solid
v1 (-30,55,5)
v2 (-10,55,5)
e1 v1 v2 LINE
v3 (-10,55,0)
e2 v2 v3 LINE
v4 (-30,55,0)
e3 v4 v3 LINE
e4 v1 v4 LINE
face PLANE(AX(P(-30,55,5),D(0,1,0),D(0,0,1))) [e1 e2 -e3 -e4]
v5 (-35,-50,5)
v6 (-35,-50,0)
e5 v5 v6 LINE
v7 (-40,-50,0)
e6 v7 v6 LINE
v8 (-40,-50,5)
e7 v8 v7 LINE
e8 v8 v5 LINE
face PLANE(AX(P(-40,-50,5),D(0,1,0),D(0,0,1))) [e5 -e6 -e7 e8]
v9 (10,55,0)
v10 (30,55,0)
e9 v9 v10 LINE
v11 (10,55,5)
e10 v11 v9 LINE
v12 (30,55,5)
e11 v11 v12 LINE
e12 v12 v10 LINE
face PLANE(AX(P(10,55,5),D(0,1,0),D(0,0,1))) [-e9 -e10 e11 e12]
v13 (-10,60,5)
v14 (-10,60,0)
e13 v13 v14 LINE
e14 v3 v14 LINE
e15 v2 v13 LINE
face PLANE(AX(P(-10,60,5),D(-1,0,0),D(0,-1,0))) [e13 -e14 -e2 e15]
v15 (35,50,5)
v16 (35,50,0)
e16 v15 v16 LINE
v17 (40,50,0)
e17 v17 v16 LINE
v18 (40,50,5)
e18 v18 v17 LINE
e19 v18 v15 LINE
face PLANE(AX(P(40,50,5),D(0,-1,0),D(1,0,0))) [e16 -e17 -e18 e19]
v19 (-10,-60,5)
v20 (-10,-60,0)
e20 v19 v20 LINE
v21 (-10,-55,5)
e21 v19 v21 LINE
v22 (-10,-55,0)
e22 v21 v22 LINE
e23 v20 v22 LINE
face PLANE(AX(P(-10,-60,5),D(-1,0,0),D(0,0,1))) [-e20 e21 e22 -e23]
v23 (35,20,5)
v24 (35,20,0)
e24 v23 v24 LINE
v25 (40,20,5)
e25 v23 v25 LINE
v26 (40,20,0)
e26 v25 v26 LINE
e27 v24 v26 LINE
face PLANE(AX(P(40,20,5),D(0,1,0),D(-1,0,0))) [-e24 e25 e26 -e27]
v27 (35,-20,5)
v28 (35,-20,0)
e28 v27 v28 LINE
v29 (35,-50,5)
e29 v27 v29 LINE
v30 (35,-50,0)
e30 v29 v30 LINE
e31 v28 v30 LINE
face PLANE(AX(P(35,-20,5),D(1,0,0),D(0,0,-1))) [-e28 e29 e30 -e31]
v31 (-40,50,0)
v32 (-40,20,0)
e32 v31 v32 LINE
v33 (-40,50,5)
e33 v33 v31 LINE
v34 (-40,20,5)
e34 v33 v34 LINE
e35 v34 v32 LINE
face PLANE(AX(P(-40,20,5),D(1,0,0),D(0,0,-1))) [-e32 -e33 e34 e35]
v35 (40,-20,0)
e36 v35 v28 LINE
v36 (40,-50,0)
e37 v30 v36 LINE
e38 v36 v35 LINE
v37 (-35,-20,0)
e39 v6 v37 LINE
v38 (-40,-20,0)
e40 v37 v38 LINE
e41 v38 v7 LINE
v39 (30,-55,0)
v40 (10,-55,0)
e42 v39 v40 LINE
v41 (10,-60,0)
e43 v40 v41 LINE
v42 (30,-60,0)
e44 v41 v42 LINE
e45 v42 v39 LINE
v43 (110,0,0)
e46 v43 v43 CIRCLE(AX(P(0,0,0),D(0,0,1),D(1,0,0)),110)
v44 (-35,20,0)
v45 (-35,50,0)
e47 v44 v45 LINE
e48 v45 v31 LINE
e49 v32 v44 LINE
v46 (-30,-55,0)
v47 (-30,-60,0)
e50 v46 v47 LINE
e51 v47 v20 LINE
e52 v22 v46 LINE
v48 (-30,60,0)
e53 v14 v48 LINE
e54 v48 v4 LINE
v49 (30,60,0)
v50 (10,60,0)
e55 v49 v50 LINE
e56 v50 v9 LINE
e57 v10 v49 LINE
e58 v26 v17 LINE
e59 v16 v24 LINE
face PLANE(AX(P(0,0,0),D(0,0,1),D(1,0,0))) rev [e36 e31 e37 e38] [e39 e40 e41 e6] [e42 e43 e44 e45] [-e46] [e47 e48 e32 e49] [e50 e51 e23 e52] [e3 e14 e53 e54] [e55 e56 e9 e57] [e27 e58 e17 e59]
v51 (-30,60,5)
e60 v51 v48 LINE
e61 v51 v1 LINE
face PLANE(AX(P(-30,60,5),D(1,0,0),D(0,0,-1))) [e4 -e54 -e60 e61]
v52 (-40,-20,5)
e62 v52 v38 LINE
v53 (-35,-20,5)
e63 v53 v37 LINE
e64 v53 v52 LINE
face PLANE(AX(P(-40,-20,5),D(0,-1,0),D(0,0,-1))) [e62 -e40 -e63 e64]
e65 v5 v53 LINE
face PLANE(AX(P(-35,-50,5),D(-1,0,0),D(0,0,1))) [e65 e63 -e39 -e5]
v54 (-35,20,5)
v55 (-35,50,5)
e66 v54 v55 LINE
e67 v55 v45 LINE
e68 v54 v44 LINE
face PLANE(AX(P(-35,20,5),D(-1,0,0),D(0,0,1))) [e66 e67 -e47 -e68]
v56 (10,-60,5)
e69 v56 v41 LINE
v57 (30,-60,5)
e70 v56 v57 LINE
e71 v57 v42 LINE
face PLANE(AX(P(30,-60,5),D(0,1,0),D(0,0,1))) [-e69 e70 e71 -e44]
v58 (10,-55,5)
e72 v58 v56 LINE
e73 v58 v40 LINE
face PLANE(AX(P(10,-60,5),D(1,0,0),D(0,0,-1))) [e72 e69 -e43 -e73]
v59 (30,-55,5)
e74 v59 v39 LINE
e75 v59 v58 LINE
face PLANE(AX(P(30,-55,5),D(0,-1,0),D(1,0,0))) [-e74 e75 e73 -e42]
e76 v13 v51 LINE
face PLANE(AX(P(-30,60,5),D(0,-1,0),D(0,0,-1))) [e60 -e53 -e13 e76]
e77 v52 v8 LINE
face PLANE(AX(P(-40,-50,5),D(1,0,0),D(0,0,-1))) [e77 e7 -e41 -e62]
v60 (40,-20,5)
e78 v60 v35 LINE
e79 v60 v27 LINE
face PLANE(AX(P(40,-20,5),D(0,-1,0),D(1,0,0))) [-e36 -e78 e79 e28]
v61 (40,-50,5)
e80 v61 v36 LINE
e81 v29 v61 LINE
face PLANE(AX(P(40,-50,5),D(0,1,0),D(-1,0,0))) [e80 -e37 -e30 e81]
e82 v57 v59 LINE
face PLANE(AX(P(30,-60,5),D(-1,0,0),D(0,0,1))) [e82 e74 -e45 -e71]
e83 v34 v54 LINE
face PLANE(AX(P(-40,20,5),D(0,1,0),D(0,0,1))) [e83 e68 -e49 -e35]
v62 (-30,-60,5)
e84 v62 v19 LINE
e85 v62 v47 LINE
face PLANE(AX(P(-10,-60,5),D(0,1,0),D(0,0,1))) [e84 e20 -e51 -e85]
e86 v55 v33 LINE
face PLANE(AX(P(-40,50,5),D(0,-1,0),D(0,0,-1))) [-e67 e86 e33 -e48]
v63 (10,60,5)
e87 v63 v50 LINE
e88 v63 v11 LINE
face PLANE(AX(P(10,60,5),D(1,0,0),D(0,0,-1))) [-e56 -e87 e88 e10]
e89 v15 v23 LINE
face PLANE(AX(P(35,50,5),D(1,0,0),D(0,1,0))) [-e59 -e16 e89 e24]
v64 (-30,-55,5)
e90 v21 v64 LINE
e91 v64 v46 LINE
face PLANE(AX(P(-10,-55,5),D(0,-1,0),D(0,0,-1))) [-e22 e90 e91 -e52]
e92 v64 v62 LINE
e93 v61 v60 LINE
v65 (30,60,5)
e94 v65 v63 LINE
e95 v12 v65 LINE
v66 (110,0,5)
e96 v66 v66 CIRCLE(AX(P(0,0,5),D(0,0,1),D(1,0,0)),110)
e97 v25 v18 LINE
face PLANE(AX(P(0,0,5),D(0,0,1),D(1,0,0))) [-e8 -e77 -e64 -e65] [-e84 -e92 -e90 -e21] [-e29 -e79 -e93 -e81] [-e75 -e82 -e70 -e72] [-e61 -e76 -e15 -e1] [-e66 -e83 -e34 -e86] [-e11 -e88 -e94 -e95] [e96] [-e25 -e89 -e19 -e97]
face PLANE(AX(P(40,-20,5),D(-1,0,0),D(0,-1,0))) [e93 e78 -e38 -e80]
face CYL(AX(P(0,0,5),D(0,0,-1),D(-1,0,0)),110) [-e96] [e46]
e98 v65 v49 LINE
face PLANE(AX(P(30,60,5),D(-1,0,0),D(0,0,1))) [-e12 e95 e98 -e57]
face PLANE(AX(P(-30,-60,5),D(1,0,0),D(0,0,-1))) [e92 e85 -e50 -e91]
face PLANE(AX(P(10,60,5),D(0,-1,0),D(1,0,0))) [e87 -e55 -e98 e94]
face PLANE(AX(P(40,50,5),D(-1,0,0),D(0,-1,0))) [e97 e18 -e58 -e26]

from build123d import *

# Parameters (mm, degrees)
SKETCH1_R           = 110
SKETCH1_W           = 20
SKETCH1_H           = 5
SKETCH1_W_2         = 5
SKETCH1_H_2         = 30
BOSS_EXTRUDE1_DEPTH = 5


with BuildPart() as part:
    # Sketch1 → Boss-Extrude1 (new body)
    with BuildSketch(Plane.XY):
        Circle(SKETCH1_R)
        with Locations((-20, 57.5)):
            Rectangle(SKETCH1_W, SKETCH1_H, mode=Mode.SUBTRACT)
        with Locations((20, 57.5)):
            Rectangle(SKETCH1_W, SKETCH1_H, mode=Mode.SUBTRACT)
        with Locations((37.5, 35)):
            Rectangle(SKETCH1_W_2, SKETCH1_H_2, mode=Mode.SUBTRACT)
        with Locations((37.5, -35)):
            Rectangle(SKETCH1_W_2, SKETCH1_H_2, mode=Mode.SUBTRACT)
        with Locations((20, -57.5)):
            Rectangle(SKETCH1_W, SKETCH1_H, mode=Mode.SUBTRACT)
        with Locations((-20, -57.5)):
            Rectangle(SKETCH1_W, SKETCH1_H, mode=Mode.SUBTRACT)
        with Locations((-37.5, -35)):
            Rectangle(SKETCH1_W_2, SKETCH1_H_2, mode=Mode.SUBTRACT)
        with Locations((-37.5, 35)):
            Rectangle(SKETCH1_W_2, SKETCH1_H_2, mode=Mode.SUBTRACT)
    extrude(amount=BOSS_EXTRUDE1_DEPTH)


solid = part.part
